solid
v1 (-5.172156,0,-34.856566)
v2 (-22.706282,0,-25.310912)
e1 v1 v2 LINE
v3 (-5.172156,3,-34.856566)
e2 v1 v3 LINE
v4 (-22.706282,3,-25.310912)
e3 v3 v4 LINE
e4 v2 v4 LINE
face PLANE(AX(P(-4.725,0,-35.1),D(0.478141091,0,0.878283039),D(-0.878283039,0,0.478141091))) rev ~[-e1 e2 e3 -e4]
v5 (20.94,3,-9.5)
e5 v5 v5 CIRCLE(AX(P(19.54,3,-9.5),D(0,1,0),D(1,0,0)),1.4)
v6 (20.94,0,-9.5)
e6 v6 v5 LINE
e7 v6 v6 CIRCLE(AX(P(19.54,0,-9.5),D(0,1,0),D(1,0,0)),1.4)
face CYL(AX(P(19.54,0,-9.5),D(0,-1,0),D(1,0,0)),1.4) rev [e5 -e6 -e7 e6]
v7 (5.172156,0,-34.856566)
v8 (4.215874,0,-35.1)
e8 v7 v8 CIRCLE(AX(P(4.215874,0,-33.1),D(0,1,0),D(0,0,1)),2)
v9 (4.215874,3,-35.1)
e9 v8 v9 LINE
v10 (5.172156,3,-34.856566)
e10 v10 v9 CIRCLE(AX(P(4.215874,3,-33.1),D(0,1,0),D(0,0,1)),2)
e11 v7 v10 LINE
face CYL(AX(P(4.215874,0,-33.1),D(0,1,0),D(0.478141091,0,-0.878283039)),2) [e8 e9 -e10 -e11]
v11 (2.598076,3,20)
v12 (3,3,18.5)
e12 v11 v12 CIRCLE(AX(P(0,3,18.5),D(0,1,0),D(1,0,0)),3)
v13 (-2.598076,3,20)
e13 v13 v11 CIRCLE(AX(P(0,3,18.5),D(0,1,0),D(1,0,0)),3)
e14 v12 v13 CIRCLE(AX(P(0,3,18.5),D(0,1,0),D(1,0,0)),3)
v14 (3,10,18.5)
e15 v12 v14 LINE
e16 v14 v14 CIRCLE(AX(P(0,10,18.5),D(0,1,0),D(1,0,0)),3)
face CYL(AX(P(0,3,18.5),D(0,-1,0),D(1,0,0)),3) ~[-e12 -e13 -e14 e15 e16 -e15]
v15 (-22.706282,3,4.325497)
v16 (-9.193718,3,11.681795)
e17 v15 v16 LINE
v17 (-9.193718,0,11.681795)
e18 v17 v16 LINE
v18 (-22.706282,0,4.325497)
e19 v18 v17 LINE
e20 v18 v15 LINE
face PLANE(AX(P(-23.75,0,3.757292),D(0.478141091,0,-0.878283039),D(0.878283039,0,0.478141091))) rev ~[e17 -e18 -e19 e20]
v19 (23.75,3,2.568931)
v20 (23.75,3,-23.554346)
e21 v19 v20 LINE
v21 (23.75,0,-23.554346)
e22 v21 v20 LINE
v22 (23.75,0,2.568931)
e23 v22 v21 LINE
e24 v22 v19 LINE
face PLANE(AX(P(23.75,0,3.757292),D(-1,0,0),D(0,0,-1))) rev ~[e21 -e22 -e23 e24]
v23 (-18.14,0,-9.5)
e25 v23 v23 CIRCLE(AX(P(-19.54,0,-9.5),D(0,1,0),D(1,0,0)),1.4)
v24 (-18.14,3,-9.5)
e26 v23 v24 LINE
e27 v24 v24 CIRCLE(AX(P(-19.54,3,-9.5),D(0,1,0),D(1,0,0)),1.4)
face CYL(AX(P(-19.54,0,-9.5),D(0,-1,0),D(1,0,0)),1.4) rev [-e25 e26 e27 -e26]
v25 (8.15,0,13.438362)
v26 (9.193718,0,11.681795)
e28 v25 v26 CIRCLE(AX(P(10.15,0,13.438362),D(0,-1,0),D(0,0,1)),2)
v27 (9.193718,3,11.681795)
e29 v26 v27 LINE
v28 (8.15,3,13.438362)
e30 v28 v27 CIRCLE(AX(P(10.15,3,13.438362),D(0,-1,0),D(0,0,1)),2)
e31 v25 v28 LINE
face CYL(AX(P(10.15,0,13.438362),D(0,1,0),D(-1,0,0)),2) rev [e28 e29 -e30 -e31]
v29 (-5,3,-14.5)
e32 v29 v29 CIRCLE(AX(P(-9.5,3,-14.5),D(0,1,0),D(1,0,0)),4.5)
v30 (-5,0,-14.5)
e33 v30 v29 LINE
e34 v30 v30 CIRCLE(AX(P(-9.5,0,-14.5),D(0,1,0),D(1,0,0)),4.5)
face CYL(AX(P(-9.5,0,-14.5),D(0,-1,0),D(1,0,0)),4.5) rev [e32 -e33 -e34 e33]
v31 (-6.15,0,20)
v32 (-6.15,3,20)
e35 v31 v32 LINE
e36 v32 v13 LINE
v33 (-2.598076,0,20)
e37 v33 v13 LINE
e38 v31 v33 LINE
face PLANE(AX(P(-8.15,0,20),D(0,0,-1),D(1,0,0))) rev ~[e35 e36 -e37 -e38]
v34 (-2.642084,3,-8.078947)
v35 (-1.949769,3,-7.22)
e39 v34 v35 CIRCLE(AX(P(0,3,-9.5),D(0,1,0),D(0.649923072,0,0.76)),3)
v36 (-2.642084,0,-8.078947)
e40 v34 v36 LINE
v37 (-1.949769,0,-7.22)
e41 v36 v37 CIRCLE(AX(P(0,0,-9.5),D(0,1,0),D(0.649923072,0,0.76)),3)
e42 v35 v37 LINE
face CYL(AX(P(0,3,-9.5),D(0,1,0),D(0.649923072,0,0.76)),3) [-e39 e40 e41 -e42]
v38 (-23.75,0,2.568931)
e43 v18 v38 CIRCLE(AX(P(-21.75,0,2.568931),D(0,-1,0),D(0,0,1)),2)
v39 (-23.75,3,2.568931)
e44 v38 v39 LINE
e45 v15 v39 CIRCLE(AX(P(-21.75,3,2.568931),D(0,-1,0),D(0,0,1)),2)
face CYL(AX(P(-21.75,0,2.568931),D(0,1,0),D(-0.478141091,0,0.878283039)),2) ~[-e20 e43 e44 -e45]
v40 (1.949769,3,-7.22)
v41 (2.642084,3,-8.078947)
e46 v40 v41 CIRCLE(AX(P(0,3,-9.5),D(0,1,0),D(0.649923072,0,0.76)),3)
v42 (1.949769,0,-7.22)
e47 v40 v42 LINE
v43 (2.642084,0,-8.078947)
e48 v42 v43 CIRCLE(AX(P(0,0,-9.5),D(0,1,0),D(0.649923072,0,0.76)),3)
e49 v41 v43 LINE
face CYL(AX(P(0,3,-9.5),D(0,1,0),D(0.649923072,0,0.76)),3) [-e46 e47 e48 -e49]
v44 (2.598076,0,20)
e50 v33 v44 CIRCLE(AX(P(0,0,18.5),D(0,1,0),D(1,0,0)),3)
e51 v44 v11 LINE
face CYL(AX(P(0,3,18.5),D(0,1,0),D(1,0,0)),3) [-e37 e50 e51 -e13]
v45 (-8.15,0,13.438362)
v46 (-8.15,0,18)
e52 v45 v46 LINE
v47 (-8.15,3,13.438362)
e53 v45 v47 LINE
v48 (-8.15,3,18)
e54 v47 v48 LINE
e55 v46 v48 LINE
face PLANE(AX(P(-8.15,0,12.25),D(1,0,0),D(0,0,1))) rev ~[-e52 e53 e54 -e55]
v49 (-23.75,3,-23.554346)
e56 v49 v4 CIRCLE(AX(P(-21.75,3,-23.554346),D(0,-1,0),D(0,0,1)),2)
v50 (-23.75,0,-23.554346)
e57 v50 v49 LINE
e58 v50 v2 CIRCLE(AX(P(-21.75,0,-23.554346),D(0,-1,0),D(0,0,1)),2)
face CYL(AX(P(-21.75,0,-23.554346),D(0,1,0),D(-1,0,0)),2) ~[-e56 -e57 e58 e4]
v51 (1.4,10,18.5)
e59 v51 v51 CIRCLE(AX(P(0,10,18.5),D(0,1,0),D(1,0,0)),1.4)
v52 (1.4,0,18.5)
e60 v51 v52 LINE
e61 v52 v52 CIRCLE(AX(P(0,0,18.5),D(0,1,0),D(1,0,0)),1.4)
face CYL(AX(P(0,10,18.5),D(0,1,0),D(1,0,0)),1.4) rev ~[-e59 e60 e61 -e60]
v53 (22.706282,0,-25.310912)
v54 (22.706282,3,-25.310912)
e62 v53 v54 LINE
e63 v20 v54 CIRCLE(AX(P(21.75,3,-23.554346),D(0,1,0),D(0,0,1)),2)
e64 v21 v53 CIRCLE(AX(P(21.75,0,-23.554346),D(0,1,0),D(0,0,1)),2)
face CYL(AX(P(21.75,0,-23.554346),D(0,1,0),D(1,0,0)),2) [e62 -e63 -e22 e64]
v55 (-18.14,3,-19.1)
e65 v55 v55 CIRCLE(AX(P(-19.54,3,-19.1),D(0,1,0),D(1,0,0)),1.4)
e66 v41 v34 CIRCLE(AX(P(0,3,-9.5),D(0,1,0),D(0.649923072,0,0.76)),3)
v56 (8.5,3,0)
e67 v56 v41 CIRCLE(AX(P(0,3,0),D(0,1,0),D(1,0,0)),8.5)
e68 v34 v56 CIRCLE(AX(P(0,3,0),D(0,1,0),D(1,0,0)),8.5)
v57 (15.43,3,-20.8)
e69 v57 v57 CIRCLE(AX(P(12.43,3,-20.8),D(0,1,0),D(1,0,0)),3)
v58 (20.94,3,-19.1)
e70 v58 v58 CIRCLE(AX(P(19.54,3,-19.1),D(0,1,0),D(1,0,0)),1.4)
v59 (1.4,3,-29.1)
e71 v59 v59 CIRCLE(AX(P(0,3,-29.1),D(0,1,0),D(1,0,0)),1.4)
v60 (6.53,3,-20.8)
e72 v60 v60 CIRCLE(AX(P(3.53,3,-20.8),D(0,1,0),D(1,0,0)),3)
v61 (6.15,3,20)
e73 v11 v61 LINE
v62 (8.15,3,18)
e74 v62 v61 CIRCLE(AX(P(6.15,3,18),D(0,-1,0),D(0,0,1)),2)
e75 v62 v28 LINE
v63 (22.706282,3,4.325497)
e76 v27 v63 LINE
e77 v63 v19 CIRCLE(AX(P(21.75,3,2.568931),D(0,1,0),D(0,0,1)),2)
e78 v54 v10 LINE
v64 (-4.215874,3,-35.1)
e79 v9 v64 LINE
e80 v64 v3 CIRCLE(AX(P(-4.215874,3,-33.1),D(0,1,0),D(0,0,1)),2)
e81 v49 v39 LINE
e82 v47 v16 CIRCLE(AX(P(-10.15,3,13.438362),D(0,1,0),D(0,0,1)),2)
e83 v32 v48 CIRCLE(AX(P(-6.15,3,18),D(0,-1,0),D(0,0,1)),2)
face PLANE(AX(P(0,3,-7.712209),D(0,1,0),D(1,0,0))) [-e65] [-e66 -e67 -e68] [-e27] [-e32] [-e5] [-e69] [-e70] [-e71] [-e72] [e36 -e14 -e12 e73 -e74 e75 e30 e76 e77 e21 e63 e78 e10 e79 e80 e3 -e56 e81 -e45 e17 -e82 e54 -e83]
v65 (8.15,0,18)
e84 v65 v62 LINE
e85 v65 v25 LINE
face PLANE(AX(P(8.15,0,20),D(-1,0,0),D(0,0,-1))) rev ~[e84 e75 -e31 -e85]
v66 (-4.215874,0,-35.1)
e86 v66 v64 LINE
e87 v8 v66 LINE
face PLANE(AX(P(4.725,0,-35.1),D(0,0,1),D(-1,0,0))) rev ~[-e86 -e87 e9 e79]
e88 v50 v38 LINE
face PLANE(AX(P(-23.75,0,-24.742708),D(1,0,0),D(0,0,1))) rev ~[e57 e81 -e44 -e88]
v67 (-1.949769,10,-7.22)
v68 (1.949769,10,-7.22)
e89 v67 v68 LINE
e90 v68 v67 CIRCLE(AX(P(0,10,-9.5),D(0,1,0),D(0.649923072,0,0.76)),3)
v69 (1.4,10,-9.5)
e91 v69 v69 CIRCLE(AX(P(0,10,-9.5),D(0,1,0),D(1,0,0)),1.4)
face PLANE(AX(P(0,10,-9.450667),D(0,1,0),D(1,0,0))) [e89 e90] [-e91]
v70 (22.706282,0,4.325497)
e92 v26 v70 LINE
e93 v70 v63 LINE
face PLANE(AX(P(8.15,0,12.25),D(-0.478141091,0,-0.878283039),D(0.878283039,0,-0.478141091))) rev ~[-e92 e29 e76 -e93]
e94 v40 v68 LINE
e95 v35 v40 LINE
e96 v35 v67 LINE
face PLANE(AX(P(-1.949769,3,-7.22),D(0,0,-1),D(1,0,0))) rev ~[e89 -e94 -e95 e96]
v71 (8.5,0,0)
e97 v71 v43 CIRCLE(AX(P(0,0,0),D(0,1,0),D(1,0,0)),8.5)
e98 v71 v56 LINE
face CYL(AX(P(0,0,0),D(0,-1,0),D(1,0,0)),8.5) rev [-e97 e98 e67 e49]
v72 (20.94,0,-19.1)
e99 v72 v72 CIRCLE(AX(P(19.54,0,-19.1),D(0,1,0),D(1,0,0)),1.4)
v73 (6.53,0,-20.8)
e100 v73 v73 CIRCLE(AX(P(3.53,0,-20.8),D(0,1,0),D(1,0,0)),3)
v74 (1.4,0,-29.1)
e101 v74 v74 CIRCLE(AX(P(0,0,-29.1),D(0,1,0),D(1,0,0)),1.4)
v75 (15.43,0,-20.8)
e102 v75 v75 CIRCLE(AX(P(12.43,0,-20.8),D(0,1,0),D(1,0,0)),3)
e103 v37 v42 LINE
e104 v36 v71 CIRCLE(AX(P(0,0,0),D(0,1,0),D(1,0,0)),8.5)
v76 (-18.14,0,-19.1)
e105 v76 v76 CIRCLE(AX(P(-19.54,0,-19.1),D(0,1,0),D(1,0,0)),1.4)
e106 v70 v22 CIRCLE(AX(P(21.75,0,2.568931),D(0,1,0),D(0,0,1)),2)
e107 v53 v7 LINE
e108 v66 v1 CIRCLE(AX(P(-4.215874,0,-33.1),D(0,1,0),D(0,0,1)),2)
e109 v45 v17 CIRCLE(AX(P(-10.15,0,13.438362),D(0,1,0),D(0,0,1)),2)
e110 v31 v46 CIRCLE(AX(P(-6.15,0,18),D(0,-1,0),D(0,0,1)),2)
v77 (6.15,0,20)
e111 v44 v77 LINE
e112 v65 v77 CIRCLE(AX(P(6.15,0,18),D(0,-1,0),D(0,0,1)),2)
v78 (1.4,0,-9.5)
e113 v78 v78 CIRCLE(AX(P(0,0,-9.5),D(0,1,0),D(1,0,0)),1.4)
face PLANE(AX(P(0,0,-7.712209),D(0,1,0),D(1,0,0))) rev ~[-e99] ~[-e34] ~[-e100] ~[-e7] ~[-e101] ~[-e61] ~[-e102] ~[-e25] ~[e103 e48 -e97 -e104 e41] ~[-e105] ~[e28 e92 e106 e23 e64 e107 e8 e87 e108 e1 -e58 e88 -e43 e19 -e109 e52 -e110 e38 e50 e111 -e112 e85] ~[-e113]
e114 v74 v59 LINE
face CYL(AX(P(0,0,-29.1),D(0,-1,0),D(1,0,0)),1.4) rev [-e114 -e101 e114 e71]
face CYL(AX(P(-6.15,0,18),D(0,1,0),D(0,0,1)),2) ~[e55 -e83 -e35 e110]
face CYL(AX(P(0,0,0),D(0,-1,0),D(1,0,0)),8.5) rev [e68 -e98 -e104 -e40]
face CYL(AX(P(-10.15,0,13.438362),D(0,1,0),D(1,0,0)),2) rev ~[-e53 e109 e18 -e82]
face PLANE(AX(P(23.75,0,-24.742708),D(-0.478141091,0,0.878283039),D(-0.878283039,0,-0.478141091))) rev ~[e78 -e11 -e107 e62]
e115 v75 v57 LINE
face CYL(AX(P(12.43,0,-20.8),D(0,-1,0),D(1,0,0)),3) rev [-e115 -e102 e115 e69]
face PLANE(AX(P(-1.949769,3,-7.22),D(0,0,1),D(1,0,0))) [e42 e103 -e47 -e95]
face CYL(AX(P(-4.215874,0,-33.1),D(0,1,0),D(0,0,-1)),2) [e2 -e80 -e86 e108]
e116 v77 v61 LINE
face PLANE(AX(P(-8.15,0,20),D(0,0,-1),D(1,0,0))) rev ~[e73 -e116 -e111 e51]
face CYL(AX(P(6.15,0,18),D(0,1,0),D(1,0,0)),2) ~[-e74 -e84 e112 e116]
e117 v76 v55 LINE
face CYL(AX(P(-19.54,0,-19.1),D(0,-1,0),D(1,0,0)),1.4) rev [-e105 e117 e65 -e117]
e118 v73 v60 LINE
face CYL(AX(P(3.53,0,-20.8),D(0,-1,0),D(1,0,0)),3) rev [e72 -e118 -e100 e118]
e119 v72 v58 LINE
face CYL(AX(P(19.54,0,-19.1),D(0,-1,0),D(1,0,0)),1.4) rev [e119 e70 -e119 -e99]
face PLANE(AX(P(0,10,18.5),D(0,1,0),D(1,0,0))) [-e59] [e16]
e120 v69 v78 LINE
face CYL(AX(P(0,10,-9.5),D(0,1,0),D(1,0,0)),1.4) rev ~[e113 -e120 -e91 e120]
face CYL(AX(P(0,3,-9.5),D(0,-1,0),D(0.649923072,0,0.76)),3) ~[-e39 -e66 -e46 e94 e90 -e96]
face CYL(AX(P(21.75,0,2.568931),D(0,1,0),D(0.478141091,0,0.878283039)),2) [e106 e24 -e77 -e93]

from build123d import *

# Parameters (mm, degrees)
SKETCH_1_R               = 8.5
SKETCH_1_R_2             = 4.5
SKETCH_1_R_3             = 3
SKETCH_1_R_4             = 1.4
EXTRUDE_1_DEPTH          = 3
FILLET_1_R               = 2
SKETCH_2_R               = 3
EXTRUDE_2_DEPTH          = 7
EXTRUDE_2_DEPTH_BACK     = 3
SKETCH_3_R               = 1.4
CUT_EXTRUDE_1_DEPTH      = 1
CUT_EXTRUDE_1_DEPTH_BACK = 11


with BuildPart() as part:
    # Эскиз1 → Бобышка-Вытянуть1 (new body)
    with BuildSketch(Plane(origin=(0, 0, 0), x_dir=(1, 0, 0), z_dir=(0, 1, 0))):
        Polygon((8.15, -20), (8.15, -12.25), (23.75, -3.757292419), (23.75, 24.742707581), (4.725, 35.1), (-4.725, 35.1), (-23.75, 24.742707581), (-23.75, -3.757292419), (-8.15, -12.25), (-8.15, -20), align=None)
        Circle(SKETCH_1_R, mode=Mode.SUBTRACT)
        with Locations((-9.5, 14.5)):
            Circle(SKETCH_1_R_2, mode=Mode.SUBTRACT)
        with Locations((3.53, 20.8)):
            Circle(SKETCH_1_R_3, mode=Mode.SUBTRACT)
        with Locations((12.43, 20.8)):
            Circle(SKETCH_1_R_3, mode=Mode.SUBTRACT)
        with Locations((19.54, 19.1)):
            Circle(SKETCH_1_R_4, mode=Mode.SUBTRACT)
        with Locations((19.54, 9.5)):
            Circle(SKETCH_1_R_4, mode=Mode.SUBTRACT)
        with Locations((-19.54, 19.1)):
            Circle(SKETCH_1_R_4, mode=Mode.SUBTRACT)
        with Locations((-19.54, 9.5)):
            Circle(SKETCH_1_R_4, mode=Mode.SUBTRACT)
        with Locations((0, 29.1)):
            Circle(SKETCH_1_R_4, mode=Mode.SUBTRACT)
    extrude(amount=EXTRUDE_1_DEPTH)

    # Скругление1
    fillet_1_edges = [part.edges().sort_by_distance(p)[0] for p in [
        (-8.15, 1.5, 20),
        (-8.15, 1.5, 12.25),
        (-23.75, 1.5, 3.757292419),
        (-23.75, 1.5, -24.742707581),
        (-4.725, 1.5, -35.1),
        (4.725, 1.5, -35.1),
        (23.75, 1.5, -24.742707581),
        (23.75, 1.5, 3.757292419),
        (8.15, 1.5, 12.25),
        (8.15, 1.5, 20),
    ]]
    fillet(fillet_1_edges, radius=FILLET_1_R)

    # Эскиз2 → Бобышка-Вытянуть2 (add, two sides)
    with BuildSketch(Plane(origin=(0, 3, 0), x_dir=(1, 0, 0), z_dir=(0, 1, 0))) as extrude_2_sk:
        with Locations((0, -18.5)):
            Circle(SKETCH_2_R)
        with BuildLine():
            Line((-1.949769217, 7.22), (1.949769217, 7.22))
            ThreePointArc((1.949769217, 7.22), (0, 12.5), (-1.949769217, 7.22))
        make_face()
    extrude(amount=EXTRUDE_2_DEPTH)
    extrude(extrude_2_sk.sketch, amount=-EXTRUDE_2_DEPTH_BACK)

    # Эскиз3 → Вырез-Вытянуть1 (cut, two sides)
    with BuildSketch(Plane(origin=(0, 10, 0), x_dir=(1, 0, 0), z_dir=(0, 1, 0))) as cut_extrude_1_sk:
        with Locations((0, 9.5)):
            Circle(SKETCH_3_R)
        with Locations((0, -18.5)):
            Circle(SKETCH_3_R)
    extrude(amount=CUT_EXTRUDE_1_DEPTH, mode=Mode.SUBTRACT)
    extrude(cut_extrude_1_sk.sketch, amount=-CUT_EXTRUDE_1_DEPTH_BACK, mode=Mode.SUBTRACT)


solid = part.part
